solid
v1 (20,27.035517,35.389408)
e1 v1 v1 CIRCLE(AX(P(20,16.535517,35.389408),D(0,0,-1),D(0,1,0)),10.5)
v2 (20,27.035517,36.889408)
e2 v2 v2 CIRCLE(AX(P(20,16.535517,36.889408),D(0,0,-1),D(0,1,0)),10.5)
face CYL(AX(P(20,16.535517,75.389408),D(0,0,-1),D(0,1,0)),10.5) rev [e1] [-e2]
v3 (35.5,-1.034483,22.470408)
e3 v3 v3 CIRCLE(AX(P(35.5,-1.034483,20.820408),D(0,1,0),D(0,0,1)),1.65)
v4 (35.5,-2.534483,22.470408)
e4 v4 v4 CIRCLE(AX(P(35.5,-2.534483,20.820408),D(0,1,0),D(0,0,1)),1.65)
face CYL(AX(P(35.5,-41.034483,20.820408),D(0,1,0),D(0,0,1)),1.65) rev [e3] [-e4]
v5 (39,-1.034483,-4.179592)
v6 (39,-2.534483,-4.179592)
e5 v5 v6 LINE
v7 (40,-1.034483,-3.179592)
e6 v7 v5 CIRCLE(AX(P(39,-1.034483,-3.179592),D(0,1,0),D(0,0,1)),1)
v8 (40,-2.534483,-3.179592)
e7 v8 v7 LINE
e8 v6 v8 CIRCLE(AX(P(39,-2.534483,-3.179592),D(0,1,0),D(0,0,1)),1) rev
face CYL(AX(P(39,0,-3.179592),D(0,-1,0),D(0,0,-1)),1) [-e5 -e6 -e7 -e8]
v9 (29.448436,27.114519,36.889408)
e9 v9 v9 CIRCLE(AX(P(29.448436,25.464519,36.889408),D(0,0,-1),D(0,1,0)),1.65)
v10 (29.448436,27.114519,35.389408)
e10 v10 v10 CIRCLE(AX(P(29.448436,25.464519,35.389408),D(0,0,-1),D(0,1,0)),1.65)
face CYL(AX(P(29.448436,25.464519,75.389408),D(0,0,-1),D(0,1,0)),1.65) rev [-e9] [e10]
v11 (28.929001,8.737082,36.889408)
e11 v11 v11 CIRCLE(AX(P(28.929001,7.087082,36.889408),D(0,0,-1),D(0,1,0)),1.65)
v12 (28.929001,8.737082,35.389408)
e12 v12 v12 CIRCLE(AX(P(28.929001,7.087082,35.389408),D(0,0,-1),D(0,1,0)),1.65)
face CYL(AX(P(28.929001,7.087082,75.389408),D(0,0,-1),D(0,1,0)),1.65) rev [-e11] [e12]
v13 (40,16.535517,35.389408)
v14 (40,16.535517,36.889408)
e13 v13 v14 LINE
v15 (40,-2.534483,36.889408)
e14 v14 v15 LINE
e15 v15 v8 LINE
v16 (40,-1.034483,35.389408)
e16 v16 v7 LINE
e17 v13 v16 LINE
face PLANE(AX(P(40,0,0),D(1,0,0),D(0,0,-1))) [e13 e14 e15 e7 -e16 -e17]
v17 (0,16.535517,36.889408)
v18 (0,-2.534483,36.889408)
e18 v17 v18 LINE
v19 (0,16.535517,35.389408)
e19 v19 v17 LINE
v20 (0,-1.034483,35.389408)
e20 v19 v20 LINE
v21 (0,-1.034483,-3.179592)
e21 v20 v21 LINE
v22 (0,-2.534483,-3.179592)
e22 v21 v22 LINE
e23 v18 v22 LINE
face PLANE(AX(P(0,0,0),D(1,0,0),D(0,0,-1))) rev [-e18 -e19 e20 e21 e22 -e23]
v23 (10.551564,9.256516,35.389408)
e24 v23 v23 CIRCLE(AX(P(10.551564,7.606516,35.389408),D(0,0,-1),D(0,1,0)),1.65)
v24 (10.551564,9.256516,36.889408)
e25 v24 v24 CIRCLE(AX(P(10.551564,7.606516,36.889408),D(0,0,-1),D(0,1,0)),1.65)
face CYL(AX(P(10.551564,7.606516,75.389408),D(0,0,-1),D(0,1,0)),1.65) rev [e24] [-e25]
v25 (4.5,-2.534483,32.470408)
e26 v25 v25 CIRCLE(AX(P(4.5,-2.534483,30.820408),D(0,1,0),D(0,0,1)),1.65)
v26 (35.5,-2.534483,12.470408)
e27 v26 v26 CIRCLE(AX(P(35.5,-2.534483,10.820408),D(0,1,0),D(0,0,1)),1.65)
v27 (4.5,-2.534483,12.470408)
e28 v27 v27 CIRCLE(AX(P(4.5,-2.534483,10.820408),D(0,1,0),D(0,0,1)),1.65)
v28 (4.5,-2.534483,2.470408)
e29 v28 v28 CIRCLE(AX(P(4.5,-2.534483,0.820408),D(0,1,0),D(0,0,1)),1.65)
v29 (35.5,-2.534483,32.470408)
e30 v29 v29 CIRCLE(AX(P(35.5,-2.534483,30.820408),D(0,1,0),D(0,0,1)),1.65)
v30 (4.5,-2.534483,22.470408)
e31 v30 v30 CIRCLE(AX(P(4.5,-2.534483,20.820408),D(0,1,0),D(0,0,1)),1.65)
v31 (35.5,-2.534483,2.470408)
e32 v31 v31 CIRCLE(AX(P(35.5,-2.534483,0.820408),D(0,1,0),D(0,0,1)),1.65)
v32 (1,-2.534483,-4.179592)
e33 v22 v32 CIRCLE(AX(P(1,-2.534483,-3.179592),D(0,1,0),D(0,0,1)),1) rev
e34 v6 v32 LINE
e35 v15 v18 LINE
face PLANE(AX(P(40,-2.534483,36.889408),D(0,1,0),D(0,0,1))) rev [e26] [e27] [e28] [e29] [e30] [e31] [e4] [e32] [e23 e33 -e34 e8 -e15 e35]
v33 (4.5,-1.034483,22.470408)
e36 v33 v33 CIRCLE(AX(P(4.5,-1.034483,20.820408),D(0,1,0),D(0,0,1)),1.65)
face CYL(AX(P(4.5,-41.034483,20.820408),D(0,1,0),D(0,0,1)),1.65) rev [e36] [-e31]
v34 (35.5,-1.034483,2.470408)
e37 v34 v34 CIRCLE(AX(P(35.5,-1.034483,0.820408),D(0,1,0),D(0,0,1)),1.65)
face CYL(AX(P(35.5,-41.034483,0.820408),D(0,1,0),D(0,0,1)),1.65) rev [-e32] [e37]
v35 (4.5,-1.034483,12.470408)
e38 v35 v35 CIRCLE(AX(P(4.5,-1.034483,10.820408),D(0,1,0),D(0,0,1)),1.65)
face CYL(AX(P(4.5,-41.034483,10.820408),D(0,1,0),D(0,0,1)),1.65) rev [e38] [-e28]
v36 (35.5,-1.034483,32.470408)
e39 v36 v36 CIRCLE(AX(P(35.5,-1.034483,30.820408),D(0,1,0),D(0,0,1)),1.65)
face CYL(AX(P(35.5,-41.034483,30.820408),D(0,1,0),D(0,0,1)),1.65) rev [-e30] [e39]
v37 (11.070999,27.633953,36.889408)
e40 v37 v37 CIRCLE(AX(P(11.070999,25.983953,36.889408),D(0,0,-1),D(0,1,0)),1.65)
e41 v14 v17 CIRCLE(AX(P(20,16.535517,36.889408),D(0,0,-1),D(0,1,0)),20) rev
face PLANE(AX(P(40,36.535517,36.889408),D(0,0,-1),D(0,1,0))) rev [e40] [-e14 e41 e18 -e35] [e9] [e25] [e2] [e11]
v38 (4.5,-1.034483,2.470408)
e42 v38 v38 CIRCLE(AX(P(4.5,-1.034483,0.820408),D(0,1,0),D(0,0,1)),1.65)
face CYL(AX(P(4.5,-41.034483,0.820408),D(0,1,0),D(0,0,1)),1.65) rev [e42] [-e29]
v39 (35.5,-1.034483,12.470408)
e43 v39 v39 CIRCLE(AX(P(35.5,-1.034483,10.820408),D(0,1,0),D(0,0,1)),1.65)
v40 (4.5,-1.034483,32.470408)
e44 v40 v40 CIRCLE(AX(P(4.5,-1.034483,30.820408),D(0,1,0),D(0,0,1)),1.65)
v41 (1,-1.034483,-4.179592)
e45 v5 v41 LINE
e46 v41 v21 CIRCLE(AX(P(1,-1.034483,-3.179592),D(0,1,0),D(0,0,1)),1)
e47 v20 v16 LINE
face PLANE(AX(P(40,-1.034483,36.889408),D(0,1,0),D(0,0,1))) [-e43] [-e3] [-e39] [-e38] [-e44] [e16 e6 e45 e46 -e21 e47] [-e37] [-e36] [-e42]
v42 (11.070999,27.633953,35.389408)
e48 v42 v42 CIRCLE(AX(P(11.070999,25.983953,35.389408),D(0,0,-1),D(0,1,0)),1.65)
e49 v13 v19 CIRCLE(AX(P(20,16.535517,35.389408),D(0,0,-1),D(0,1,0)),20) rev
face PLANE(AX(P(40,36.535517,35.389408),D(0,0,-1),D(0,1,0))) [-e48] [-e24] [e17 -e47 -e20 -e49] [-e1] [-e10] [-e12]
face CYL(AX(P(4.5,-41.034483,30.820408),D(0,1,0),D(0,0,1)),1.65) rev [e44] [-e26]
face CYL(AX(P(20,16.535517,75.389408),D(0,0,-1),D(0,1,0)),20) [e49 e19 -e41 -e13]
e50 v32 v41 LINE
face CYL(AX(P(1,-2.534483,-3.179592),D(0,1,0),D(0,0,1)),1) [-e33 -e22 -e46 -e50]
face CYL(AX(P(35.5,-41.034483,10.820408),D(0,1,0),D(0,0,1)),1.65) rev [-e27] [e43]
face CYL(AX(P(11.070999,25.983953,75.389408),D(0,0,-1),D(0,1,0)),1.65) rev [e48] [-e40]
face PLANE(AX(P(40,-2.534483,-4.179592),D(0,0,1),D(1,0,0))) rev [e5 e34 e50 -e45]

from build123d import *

# Parameters (mm, degrees)
SKETCH2_W           = 1.5
SKETCH2_H           = 37.57
SKETCH2_H_2         = 1.5
SKETCH2_W_2         = 39.569
BOSS_EXTRUDE1_DEPTH = 40
SKETCH3_R           = 1.65
CUT_EXTRUDE1_DEPTH  = 40
SKETCH4_R           = 10.5
SKETCH4_R_2         = 1.65
CUT_EXTRUDE2_DEPTH  = 40
FILLET1_R           = 1


with BuildPart() as part:
    # Sketch2 → Boss-Extrude1 (new body)
    with BuildSketch(Plane(origin=(0, 0, 0), x_dir=(0, 0, -1), z_dir=(1, 0, 0))):
        with Locations((-36.139408466, 17.750517241)):
            Rectangle(SKETCH2_W, SKETCH2_H)
        with Locations((-36.139408466, -1.784482759)):
            Rectangle(SKETCH2_W, SKETCH2_H_2)
        with Locations((-15.604908466, -1.784482759)):
            Rectangle(SKETCH2_W_2, SKETCH2_H_2)
    extrude(amount=BOSS_EXTRUDE1_DEPTH)

    # Sketch3 → Cut-Extrude1 (cut)
    with BuildSketch(Plane(origin=(0, -1.034482759, 0), x_dir=(1, 0, 0), z_dir=(0, 1, 0))):
        with Locations(Location((4.5, -30.820408466, 0), (0, 0, 270))):
            Circle(SKETCH3_R)
        with Locations(Location((4.5, -20.820408466, 0), (0, 0, 270))):
            Circle(SKETCH3_R)
        with Locations(Location((4.5, -10.820408466, 0), (0, 0, 270))):
            Circle(SKETCH3_R)
        with Locations(Location((4.5, -0.820408466, 0), (0, 0, 270))):
            Circle(SKETCH3_R)
        with Locations(Location((35.5, -30.820408466, 0), (0, 0, 270))):
            Circle(SKETCH3_R)
        with Locations(Location((35.5, -20.820408466, 0), (0, 0, 270))):
            Circle(SKETCH3_R)
        with Locations(Location((35.5, -10.820408466, 0), (0, 0, 270))):
            Circle(SKETCH3_R)
        with Locations(Location((35.5, -0.820408466, 0), (0, 0, 270))):
            Circle(SKETCH3_R)
    extrude(amount=-CUT_EXTRUDE1_DEPTH, mode=Mode.SUBTRACT)

    # Sketch4 → Cut-Extrude2 (cut)
    with BuildSketch(Plane(origin=(0, 0, 35.389408466), x_dir=(-1, 0, 0), z_dir=(0, 0, -1))):
        with Locations(Location((-20, 16.535517241, 0), (0, 0, 90))):
            Circle(SKETCH4_R)
        with Locations(Location((-11.070998723, 25.983952889, 0), (0, 0, 90))):
            Circle(SKETCH4_R_2)
        with Locations(Location((-10.551564352, 7.606515964, 0), (0, 0, 90))):
            Circle(SKETCH4_R_2)
        with Locations(Location((-29.448435648, 25.464518519, 0), (0, 0, 90))):
            Circle(SKETCH4_R_2)
        with Locations(Location((-28.929001277, 7.087081594, 0), (0, 0, 90))):
            Circle(SKETCH4_R_2)
        with BuildLine():
            Line((-40, 36.535517241), (-40, 16.535517241))
            ThreePointArc((-40, 16.535517241), (-34.142135624, 30.677652865), (-20, 36.535517241))
            Line((-20, 36.535517241), (-40, 36.535517241))
        make_face()
        with BuildLine():
            Line((0, 36.535517241), (-20, 36.535517241))
            ThreePointArc((-20, 36.535517241), (-5.857864785, 30.677653274), (0, 16.535518399))
            Line((0, 16.535518399), (0, 36.535517241))
        make_face()
    extrude(amount=-CUT_EXTRUDE2_DEPTH, mode=Mode.SUBTRACT)

    # Fillet1
    fillet1_edges = [part.edges().sort_by_distance(p)[0] for p in [
        (40, -1.784482759, -4.179591534),
        (0, -1.784482759, -4.179591534),
    ]]
    fillet(fillet1_edges, radius=FILLET1_R)


solid = part.part
